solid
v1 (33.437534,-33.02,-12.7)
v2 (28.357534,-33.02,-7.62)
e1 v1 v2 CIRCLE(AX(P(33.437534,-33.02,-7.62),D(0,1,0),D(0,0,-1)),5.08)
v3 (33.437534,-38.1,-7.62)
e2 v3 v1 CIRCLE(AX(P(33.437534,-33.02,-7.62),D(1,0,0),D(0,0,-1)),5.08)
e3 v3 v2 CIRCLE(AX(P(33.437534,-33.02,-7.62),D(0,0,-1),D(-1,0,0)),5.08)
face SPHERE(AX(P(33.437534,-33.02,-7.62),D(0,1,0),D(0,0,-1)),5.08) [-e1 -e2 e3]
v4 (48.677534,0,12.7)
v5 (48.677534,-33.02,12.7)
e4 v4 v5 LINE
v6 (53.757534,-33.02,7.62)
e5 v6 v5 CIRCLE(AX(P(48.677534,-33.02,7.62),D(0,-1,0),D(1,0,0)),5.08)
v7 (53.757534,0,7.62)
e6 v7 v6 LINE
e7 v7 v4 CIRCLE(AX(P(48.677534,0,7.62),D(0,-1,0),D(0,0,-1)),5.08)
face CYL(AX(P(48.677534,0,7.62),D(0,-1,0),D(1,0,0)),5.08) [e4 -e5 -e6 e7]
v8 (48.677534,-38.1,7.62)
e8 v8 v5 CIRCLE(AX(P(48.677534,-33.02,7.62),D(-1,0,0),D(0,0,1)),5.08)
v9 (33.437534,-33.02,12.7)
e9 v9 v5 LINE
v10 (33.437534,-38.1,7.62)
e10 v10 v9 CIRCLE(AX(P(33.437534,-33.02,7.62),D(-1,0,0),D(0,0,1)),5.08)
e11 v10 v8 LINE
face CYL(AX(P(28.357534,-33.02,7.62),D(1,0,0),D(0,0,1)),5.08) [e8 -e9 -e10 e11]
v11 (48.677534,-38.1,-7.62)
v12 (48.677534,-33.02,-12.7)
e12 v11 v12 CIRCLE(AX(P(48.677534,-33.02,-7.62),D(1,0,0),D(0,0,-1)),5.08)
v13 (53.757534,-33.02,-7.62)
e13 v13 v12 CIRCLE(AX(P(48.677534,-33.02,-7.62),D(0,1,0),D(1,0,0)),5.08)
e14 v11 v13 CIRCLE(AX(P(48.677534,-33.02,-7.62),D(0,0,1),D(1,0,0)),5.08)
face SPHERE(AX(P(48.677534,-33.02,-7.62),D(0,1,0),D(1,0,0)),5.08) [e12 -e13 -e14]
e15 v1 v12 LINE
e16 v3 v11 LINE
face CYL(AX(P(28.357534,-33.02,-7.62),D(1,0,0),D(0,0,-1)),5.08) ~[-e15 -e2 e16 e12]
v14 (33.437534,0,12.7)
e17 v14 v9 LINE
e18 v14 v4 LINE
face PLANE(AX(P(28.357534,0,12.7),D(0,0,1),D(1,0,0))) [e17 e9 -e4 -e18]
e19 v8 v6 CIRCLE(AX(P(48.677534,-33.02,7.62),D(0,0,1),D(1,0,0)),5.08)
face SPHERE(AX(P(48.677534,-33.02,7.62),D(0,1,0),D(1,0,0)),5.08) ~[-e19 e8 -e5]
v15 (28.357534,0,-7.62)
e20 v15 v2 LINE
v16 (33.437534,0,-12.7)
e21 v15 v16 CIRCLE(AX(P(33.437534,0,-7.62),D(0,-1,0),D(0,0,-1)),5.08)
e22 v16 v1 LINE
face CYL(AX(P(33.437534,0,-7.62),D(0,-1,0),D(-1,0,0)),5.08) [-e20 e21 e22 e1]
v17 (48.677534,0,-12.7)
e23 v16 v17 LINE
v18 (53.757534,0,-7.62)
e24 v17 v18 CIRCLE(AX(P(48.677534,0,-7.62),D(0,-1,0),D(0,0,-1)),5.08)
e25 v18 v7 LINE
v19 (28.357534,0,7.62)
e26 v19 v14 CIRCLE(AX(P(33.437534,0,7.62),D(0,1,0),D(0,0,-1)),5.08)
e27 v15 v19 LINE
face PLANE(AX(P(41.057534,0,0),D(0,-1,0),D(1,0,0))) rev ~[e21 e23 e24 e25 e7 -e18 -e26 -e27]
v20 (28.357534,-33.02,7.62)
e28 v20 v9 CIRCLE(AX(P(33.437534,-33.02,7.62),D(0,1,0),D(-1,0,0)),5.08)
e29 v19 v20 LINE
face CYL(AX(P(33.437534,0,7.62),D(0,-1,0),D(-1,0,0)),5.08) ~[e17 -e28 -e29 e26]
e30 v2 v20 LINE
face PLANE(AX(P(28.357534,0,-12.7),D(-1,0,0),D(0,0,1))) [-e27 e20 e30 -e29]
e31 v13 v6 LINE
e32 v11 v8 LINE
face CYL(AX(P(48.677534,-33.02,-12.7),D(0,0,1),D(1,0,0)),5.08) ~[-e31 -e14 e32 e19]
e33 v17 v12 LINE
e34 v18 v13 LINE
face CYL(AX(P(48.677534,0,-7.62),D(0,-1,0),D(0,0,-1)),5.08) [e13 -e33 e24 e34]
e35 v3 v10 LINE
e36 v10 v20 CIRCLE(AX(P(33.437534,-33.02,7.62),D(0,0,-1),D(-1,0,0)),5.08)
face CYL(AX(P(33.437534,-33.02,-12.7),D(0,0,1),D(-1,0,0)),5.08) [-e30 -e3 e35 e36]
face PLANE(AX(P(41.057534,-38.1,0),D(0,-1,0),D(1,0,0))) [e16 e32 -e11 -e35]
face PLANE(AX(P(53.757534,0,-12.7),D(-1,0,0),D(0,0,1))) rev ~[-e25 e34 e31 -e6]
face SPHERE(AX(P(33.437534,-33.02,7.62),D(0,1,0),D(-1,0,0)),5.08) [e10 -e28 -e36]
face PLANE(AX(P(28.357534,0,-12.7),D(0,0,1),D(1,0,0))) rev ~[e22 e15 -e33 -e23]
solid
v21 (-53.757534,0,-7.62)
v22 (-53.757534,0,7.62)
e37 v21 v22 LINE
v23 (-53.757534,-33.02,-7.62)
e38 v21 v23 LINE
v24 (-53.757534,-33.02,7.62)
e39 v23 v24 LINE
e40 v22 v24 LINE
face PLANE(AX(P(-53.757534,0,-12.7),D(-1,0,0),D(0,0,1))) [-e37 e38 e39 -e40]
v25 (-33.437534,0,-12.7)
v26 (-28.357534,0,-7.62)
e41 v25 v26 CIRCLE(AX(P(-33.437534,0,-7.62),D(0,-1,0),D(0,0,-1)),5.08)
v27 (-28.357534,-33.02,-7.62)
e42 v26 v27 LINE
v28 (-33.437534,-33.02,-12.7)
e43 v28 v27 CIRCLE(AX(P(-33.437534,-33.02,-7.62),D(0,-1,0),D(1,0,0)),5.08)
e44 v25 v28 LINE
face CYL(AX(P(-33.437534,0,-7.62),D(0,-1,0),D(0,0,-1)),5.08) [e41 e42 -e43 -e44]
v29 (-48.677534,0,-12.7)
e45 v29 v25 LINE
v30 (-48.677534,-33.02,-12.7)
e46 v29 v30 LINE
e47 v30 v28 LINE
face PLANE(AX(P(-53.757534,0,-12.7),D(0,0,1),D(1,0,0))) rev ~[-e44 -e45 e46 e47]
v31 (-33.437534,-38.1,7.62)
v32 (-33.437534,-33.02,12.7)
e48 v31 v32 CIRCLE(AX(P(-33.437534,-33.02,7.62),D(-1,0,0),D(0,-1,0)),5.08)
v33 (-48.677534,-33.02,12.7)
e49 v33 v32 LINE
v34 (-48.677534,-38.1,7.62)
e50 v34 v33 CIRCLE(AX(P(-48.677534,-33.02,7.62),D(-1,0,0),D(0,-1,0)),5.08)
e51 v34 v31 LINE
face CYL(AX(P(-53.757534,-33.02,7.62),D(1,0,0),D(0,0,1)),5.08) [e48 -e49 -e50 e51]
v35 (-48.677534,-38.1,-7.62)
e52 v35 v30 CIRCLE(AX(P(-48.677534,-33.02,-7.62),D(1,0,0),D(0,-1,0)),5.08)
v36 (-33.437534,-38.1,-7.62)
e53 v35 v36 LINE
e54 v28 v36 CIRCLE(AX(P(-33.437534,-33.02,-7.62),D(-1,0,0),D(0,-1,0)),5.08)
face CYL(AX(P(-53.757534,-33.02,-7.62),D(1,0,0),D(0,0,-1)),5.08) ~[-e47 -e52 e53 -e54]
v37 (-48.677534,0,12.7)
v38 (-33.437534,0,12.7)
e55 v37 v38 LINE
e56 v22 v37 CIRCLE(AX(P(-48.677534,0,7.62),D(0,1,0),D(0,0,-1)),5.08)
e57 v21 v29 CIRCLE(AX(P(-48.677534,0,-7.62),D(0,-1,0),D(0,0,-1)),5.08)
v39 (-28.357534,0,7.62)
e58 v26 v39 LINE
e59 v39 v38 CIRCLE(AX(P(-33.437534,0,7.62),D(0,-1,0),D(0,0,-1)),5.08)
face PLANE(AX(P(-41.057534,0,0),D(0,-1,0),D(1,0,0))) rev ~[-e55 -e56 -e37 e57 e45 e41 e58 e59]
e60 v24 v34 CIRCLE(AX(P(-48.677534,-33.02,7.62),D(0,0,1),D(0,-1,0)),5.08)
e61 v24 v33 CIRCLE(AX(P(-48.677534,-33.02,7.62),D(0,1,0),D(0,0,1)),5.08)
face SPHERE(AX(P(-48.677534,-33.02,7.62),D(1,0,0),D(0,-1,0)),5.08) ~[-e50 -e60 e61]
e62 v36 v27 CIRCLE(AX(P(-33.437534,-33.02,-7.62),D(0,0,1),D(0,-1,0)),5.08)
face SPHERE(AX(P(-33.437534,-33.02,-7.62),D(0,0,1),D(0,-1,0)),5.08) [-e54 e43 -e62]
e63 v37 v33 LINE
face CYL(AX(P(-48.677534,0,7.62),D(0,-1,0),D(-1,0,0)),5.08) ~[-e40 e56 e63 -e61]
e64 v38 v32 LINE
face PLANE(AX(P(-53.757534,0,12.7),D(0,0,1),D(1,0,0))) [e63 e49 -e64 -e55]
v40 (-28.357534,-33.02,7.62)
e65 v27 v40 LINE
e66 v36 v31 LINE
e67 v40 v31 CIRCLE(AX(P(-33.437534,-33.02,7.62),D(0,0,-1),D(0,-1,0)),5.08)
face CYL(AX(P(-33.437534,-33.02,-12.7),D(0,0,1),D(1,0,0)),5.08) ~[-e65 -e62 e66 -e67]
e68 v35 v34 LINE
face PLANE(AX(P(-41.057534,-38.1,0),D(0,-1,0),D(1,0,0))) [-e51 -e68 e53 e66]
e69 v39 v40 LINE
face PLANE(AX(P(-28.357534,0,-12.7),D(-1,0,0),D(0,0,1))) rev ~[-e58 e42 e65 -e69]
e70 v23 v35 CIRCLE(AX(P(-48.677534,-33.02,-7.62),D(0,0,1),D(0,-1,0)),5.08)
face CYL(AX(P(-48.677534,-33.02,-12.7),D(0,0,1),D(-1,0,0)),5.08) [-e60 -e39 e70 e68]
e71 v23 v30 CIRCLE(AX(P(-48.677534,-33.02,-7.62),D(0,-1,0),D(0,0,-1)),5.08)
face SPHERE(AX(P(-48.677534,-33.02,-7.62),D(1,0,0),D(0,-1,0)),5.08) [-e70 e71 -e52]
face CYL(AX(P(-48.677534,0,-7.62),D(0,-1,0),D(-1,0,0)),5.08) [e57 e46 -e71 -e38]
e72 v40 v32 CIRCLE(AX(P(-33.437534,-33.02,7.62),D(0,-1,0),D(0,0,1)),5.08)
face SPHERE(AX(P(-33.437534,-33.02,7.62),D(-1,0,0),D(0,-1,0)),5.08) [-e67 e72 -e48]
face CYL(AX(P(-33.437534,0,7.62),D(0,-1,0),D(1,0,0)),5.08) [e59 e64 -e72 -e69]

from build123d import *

# Parameters (mm, degrees)
F0_W     = 25.4
F0_H     = 25.4
F1_DEPTH = 38.1
F2_R     = 5.08


with BuildPart() as f1:
    # F0 (on Front) → F1 (new body)
    with BuildSketch(Plane.XZ):
        with Locations((-41.057534, 0)):
            Rectangle(F0_W, F0_H)
        with Locations((41.057534, 0)):
            Rectangle(F0_W, F0_H)
    extrude(amount=F1_DEPTH)

    # F2
    f2_edges = [f1.edges().sort_by_distance(p)[0] for p in [
        (-41.057534, -38.1, 12.7),
        (-28.357534, -38.1, 0),
        (-41.057534, -38.1, -12.7),
        (-53.757534, -38.1, 0),
        (-28.357534, -19.05, -12.7),
        (-53.757534, -19.05, -12.7),
        (-28.357534, -19.05, 12.7),
        (-53.757534, -19.05, 12.7),
        (53.757534, -19.05, 12.7),
        (28.357534, -19.05, 12.7),
        (53.757534, -19.05, -12.7),
        (28.357534, -19.05, -12.7),
        (53.757534, -38.1, 0),
        (41.057534, -38.1, -12.7),
        (28.357534, -38.1, 0),
        (41.057534, -38.1, 12.7),
    ]]
    fillet(f2_edges, radius=F2_R)


solid = f1.part
